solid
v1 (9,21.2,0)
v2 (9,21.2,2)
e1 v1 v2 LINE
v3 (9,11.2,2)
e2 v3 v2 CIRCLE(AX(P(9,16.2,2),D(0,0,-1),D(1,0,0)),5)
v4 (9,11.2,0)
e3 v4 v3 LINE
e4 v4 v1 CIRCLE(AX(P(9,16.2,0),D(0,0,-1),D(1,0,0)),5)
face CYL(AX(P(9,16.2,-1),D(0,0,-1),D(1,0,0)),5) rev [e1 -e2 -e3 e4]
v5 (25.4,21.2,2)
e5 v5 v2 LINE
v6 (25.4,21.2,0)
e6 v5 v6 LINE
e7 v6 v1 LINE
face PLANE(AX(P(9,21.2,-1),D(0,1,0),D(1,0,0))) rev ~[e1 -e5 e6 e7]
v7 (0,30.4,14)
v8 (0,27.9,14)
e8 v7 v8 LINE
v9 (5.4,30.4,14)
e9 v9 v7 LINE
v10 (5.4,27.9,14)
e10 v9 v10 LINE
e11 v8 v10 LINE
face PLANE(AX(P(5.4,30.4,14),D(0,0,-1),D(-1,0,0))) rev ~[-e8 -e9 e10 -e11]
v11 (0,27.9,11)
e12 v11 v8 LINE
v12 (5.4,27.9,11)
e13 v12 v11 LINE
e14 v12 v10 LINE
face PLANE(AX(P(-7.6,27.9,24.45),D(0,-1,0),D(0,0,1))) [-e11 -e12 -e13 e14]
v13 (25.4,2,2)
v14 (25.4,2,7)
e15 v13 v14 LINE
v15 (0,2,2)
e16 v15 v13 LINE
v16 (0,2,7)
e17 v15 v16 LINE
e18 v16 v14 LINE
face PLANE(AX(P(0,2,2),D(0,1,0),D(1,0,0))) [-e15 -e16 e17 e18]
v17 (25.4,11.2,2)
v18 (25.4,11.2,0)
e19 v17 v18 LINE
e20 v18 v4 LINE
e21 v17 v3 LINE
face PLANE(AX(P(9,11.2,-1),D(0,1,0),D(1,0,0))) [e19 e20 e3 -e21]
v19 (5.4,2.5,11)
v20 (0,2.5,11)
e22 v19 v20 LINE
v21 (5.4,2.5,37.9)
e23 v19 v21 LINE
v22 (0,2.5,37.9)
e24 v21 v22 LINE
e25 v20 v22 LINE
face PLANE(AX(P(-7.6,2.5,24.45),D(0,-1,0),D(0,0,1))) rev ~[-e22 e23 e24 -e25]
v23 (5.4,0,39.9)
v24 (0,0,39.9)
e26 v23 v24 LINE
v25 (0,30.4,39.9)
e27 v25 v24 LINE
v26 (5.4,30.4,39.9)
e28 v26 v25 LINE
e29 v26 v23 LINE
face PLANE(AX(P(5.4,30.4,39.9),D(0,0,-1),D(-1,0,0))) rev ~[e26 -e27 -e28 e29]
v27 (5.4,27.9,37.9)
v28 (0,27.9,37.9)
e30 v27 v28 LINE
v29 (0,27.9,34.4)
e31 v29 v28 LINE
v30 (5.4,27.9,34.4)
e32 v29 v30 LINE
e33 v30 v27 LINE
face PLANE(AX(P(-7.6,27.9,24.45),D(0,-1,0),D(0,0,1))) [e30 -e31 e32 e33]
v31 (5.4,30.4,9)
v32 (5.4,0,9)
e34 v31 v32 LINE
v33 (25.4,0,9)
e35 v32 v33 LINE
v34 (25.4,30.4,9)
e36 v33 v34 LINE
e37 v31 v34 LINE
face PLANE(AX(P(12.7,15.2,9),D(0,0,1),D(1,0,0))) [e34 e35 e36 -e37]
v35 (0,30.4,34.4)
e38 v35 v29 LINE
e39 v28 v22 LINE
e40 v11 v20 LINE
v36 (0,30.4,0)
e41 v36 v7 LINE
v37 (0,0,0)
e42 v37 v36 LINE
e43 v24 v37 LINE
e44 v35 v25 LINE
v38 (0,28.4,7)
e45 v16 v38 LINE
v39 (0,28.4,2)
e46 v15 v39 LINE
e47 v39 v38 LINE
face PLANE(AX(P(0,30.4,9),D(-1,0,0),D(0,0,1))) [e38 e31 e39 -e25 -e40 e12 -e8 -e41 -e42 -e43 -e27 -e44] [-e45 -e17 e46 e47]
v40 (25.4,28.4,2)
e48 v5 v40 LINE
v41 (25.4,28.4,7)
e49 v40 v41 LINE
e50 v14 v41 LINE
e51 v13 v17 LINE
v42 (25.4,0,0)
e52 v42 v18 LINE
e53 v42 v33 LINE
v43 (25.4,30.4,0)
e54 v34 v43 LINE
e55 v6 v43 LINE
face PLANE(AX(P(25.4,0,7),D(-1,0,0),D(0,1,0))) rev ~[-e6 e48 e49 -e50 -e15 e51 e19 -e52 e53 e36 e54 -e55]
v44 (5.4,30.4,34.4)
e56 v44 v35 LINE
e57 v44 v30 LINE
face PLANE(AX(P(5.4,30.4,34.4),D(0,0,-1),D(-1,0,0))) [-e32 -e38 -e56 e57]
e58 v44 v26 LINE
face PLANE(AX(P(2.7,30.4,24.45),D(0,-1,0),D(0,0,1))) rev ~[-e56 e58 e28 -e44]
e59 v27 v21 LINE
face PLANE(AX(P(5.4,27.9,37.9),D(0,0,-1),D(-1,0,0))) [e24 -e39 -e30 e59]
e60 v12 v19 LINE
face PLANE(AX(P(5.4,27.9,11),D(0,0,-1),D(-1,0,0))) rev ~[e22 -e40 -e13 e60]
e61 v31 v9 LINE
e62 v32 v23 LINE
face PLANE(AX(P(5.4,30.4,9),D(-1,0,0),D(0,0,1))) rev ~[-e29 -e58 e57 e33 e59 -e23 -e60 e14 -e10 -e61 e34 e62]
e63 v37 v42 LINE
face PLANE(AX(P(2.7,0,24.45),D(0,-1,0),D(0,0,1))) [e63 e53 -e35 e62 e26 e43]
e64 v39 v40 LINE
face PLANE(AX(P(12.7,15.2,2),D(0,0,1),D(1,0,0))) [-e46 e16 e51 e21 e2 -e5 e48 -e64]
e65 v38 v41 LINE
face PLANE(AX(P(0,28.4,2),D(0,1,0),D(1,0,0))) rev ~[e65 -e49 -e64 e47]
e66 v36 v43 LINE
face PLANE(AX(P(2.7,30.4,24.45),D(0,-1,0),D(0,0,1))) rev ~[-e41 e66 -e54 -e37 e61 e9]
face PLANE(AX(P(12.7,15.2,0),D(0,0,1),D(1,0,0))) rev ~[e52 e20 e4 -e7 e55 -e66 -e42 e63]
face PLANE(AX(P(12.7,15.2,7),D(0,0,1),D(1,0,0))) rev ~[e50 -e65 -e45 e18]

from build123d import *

# Parameters (mm, degrees)
BOX009_W               = 20.4
BOX009_H               = 25.4
BOX009_DEPTH           = 10
BOX008_W               = 26.9
BOX008_H               = 26
BOX008_DEPTH           = 25.4
BOX007_W               = 30.9
BOX007_H               = 5.4
BOX007_DEPTH           = 30.4
CUT004_PITCH_ANGLE     = -90
CUT004_PLACEMENT_ANGLE = 90
BOX_W                  = 25.4
BOX_H                  = 30.4
BOX_DEPTH              = 2
BOX003_W               = 25.4
BOX003_H               = 2
BOX003_DEPTH           = 5
BOX002_W               = 25.4
BOX002_H               = 2
BOX002_DEPTH           = 5
BOX004_W               = 17
BOX004_H               = 10
BOX004_DEPTH           = 4
CYLINDER_R             = 5
CYLINDER_DEPTH         = 4
BOX001_W               = 25.4
BOX001_H               = 30.4
BOX001_DEPTH           = 2


with BuildPart() as gap:
    # Box009 → Box009 (new body)
    with BuildSketch(Plane(origin=(5, 0, 0), x_dir=(1, 0, 0), z_dir=(0, 0, 1))):
        with Locations((10.2, 12.7)):
            Rectangle(BOX009_W, BOX009_H)
    extrude(amount=BOX009_DEPTH)


with BuildPart() as bar:
    # Box008 → Box008 (new body)
    with BuildSketch(Plane(origin=(2, 0, 2.5), x_dir=(1, 0, 0), z_dir=(0, 0, 1))):
        with Locations((13.45, 13)):
            Rectangle(BOX008_W, BOX008_H)
    extrude(amount=BOX008_DEPTH)


with BuildPart() as clip:
    # Box007 → Box007 (new body)
    with BuildSketch(Plane.XY):
        with Locations((15.45, 2.7)):
            Rectangle(BOX007_W, BOX007_H)
    extrude(amount=BOX007_DEPTH)

    # Cut003: cut Bar
    add(bar.part, mode=Mode.SUBTRACT)

    # Cut004: cut Gap
    add(gap.part, mode=Mode.SUBTRACT)


with BuildPart() as clip_1:
    # Cut004 pitch: moved
    add(clip.part.rotate(Axis((0, 0, 0), (0, 1, 0)), CUT004_PITCH_ANGLE))


with BuildPart() as clip_2:
    # Cut004 placement: moved
    add(clip_1.part.moved(Location((5.4, 30.4, 9))).rotate(Axis((5.4, 30.4, 9), (0, 0, 1)), CUT004_PLACEMENT_ANGLE))


with BuildPart() as top:
    # Box → Box (new body)
    with BuildSketch(Plane.XY.offset(7)):
        with Locations((12.7, 15.2)):
            Rectangle(BOX_W, BOX_H)
    extrude(amount=BOX_DEPTH)


with BuildPart() as right:
    # Box003 → Box003 (new body)
    with BuildSketch(Plane(origin=(0, 28.4, 2), x_dir=(1, 0, 0), z_dir=(0, 0, 1))):
        with Locations((12.7, 1)):
            Rectangle(BOX003_W, BOX003_H)
    extrude(amount=BOX003_DEPTH)


with BuildPart() as left:
    # Box002 → Box002 (new body)
    with BuildSketch(Plane.XY.offset(2)):
        with Locations((12.7, 1)):
            Rectangle(BOX002_W, BOX002_H)
    extrude(amount=BOX002_DEPTH)


with BuildPart() as cube:
    # Box004 → Box004 (new body)
    with BuildSketch(Plane(origin=(9, 11.2, 9), x_dir=(1, 0, 0), z_dir=(0, 0, 1))):
        with Locations((8.5, 5)):
            Rectangle(BOX004_W, BOX004_H)
    extrude(amount=BOX004_DEPTH)


with BuildPart() as cylinder:
    # Cylinder → Cylinder (new body)
    with BuildSketch(Plane(origin=(9, 16.2, 9), x_dir=(1, 0, 0), z_dir=(0, 0, 1))):
        Circle(CYLINDER_R)
    extrude(amount=CYLINDER_DEPTH)


with BuildPart() as fusion003:
    # Box001 → Box001 (new body)
    with BuildSketch(Plane.XY.offset(10)):
        with Locations((12.7, 15.2)):
            Rectangle(BOX001_W, BOX001_H)
    extrude(amount=BOX001_DEPTH)

    # Cut: cut Cylinder
    add(cylinder.part, mode=Mode.SUBTRACT)

    # Cut001: cut Cube
    add(cube.part, mode=Mode.SUBTRACT)


with BuildPart() as fusion003_1:
    # Cut001 placement: moved
    add(fusion003.part.moved(Location((0, 0, -10))))

    # Fusion: union Left
    add(left.part)

    # Fusion001: union Right
    add(right.part)

    # Fusion002: union Top
    add(top.part)

    # Fusion003: union Clip
    add(clip_2.part)


solid = fusion003_1.part
